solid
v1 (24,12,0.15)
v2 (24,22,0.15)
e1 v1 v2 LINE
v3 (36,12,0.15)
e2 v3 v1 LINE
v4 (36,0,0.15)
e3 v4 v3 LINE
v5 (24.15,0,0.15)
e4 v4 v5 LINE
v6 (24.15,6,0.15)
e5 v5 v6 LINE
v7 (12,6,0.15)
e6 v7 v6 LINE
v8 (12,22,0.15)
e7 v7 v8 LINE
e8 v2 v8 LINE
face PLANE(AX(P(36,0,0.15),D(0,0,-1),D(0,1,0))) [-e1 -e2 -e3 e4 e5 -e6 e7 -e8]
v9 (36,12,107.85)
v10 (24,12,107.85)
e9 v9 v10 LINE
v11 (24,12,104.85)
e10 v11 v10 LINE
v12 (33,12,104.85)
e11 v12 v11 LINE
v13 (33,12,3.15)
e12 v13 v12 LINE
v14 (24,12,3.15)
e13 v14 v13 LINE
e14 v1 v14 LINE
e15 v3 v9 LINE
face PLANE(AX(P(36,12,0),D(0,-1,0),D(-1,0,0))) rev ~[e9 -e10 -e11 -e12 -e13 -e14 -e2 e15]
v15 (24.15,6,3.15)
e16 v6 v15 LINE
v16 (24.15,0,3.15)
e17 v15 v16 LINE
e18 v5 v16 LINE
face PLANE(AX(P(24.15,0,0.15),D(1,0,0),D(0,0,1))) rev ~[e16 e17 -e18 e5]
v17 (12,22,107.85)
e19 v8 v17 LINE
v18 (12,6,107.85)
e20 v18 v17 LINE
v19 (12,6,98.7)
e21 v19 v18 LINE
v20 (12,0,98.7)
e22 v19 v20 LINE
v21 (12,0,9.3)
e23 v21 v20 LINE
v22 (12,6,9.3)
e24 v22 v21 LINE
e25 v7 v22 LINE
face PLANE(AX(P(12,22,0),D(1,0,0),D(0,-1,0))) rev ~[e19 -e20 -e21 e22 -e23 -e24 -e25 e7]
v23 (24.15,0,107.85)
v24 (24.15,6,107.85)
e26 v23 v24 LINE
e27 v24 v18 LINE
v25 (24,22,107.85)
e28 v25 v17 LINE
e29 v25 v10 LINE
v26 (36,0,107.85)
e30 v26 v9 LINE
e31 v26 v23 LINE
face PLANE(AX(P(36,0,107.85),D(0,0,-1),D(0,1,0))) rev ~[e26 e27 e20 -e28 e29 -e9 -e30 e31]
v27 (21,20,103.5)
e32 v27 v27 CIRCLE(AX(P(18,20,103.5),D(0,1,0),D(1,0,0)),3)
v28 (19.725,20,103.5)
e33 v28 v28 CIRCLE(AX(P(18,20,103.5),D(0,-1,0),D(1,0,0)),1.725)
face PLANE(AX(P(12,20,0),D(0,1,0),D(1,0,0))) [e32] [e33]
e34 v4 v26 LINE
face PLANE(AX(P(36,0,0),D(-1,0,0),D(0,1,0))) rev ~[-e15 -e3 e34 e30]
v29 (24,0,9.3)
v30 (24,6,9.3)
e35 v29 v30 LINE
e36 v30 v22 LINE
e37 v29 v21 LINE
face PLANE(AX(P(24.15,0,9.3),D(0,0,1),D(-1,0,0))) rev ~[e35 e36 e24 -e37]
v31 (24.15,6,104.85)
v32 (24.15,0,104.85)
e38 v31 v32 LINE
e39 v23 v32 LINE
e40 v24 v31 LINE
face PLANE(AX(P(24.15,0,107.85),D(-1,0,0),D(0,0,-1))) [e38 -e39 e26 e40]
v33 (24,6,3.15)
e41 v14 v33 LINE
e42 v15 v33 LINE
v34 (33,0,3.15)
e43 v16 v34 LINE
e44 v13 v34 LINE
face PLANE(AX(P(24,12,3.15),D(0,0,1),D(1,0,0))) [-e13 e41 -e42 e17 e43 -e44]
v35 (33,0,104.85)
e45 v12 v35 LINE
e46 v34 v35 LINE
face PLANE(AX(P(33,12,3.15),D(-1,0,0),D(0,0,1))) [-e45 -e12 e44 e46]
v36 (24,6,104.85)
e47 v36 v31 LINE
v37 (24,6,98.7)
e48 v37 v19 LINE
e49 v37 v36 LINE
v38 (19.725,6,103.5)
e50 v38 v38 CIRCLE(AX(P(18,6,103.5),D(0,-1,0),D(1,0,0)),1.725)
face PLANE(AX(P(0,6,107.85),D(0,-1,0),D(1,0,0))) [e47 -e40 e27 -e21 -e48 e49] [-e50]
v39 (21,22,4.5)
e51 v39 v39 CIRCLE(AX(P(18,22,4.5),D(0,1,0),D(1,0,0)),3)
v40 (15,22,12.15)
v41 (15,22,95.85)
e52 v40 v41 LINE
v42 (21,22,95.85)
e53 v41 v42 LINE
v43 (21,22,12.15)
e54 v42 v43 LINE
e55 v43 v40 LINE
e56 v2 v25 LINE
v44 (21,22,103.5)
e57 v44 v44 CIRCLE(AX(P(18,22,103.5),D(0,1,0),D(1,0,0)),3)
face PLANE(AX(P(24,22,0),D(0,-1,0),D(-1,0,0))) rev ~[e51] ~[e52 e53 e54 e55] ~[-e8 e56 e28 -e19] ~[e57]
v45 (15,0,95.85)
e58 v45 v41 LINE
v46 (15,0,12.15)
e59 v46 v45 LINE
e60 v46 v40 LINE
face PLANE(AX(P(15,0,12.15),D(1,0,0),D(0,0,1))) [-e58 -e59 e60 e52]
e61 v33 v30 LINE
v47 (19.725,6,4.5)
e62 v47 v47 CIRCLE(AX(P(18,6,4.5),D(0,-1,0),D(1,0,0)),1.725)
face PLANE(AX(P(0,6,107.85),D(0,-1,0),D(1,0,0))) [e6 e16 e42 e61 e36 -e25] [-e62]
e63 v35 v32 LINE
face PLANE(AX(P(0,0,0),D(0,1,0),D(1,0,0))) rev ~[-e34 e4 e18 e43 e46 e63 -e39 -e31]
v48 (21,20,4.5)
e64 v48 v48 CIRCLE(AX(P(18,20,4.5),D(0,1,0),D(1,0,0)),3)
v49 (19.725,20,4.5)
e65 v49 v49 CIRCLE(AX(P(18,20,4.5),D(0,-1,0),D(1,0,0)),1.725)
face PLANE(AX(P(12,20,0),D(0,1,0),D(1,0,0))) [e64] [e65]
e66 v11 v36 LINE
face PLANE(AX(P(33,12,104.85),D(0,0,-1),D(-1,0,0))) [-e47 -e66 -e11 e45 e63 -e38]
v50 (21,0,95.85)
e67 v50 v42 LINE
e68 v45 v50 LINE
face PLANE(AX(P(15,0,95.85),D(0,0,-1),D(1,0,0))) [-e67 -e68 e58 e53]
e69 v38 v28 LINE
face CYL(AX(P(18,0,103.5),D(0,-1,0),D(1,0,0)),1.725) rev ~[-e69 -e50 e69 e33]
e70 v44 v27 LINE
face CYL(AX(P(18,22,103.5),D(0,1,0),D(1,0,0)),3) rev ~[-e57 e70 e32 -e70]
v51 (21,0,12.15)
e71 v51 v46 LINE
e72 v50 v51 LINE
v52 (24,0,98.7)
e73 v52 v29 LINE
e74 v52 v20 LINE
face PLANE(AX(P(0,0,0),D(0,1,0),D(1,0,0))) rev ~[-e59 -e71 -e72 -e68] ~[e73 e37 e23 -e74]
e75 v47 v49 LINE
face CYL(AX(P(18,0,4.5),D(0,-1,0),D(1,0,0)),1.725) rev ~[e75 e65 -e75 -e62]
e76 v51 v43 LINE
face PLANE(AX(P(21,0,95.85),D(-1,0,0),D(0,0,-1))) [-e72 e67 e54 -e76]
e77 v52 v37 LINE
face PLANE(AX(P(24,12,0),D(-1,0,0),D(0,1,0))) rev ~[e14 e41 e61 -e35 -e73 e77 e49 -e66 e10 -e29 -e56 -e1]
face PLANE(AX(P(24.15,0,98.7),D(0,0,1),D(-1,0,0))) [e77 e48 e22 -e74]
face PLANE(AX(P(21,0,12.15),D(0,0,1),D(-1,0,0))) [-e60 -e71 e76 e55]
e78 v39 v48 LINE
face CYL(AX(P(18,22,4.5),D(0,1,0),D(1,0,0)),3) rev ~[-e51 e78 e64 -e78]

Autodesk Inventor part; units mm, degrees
ref_plane "YZ Plane" through (0, 0, 0) normal (1, 0, 0) x (0, 1, 0)
ref_plane "XZ Plane" through (0, 0, 0) normal (0, 1, 0) x (-1, 0, 0)
ref_plane "XY Plane" through (0, 0, 0) normal (0, 0, 1) x (1, 0, 0)
sketch "Sketch1" plane through (0, 0, 0) normal (0, 0, 1) x (1, 0, 0)
  line L0 (0, 0) -> (36, 0)
  line L1 (36, 0) -> (36, 12)
  line L2 (36, 12) -> (24, 12)
  line L3 (24, 12) -> (24, 22)
  line L4 (24, 22) -> (12, 22)
  line L5 (12, 22) -> (12, 12)
  line L6 (12, 12) -> (0, 12)
  line L7 (0, 12) -> (0, 0)
  dimension "d0" = 36
  dimension "d1" = 12
  dimension "d2" = 12
  dimension "d3" = 10
  dimension "d4" = 12
extrude "Extrusion1" add sketch "Sketch1" along normal blind 108
sketch "Sketch2" plane through (0, 0, 0) normal (0, -1, 0) x (1, 0, 0)
  circle A0 centre (18, 4.5) radius 1.725
  line L0 (0, 0) -> (36, 0) projected
  line L1 (36, 0) -> (36, 108) projected
  circle A1 centre (18, 103.5) radius 1.725
  line L2 (0, 108) -> (36, 108) projected
  dimension "d7" = 3.45
  dimension "d8" = 4.5
  dimension "d9" = 18
  dimension "d10" = 3.45
  dimension "d11" = 18
  dimension "d12" = 4.5
extrude "Extrusion2" cut sketch "Sketch2" against normal blind 20
sketch "Sketch3" plane through (12, 22, 0) normal (0, 1, 0) x (1, 0, 0)
  circle A0 centre (6, -4.5) radius 1.725 projected
  circle A1 centre (6, -4.5) radius 3
  circle A2 centre (6, -103.5) radius 1.725 projected
  circle A3 centre (6, -103.5) radius 3
  point P0 (-12, 0)
  dimension "d15" = 6
  dimension "d16" = 6
extrude "Extrusion3" cut sketch "Sketch3" against normal blind 2 contours A0 | A1 | A2 | A3
sketch "Sketch4" plane through (36, 0, 0) normal (1, 0, 0) x (0, 0, -1)
  line L0 (-108, 0) -> (-107.85, 0)
  line L1 (0, 0) -> (-108, 0) projected
  line L2 (-107.85, 0) -> (-107.85, 12)
  line L3 (0, 12) -> (-108, 12) projected
  line L4 (-108, 0) -> (-108, 12) projected
  line L5 (-108, 12) -> (-108, 0)
  line L6 (-108, 22) -> (-107.85, 22)
  line L7 (-107.85, 12) -> (-108, 12)
  line L8 (0, 0) -> (-0.15, 0)
  line L9 (-0.15, 0) -> (-0.15, 12)
  line L10 (-0.15, 12) -> (0, 12)
  line L11 (0, 12) -> (0, 0)
  line L12 (0, 22) -> (-0.15, 22)
  line L13 (-0.15, 12) -> (0, 12)
  dimension "d19" = 0.15
  dimension "d20" = 12
  dimension "d21" = 0.15
  dimension "d22" = 0.15
extrude "Extrusion4" cut sketch "Sketch4" against normal through all contours L4 L3 L2 L0 | L9 L3 L11 L1
sketch "Sketch5" plane through (24, 22, 108) normal (1, 0, 0) x (0, 0, -1)
  line L0 (108, -10) -> (108, 0) projected
  line L1 (108, 0) -> (0, 0) projected
  line L2 (108, -10) -> (107.85, -10)
  line L3 (107.85, -10) -> (107.85, 0)
  line L4 (107.85, 0) -> (108, 0)
  line L5 (108, 0) -> (108, -10)
  line L6 (0.15, -10) -> (0, -10) projected
  line L7 (0, -10) -> (0, 0) projected
  line L8 (0.15, -10) -> (0, -10)
  line L9 (0, -10) -> (0, 0)
  line L10 (0, 0) -> (0.15, 0)
  line L11 (0.15, 0) -> (0.15, -10)
  point P0 (108, -22)
  dimension "d25" = 0.15
extrude "Extrusion5" cut sketch "Sketch5" against normal through all
sketch "Sketch6" plane through (12, 22, 0.15) normal (0, 1, 0) x (1, 0, 0)
  line L0 (0, 0) -> (0, -107.7) projected
  line L1 (12, 0) -> (12, -107.7) projected
  line L2 (0, -98.85) -> (12, -98.85)
  line L3 (12, -98.85) -> (12, -8.85)
  line L4 (12, -8.85) -> (0, -8.85)
  line L5 (0, -8.85) -> (0, -98.85)
  point P0 (-12, 0.15)
  dimension "d28" = 8.85
  dimension "d29" = 8.85
sketch "Sketch7" plane through (0, 0, 107.85) normal (0, -1, 0) x (1, 0, 0)
  line L0 (0, -107.7) -> (36, -107.7) projected
  line L1 (11.85, -107.7) -> (24.15, -107.7)
  line L2 (24.15, -107.7) -> (24.15, -98.55)
  line L3 (24.15, -98.55) -> (11.85, -98.55)
  line L4 (11.85, -98.55) -> (11.85, -107.7)
  line L5 (0, 0) -> (12, 0) projected
  line L6 (11.85, 0) -> (24.15, 0)
  line L7 (24.15, 0) -> (24.15, -9.15)
  line L8 (24.15, -9.15) -> (11.85, -9.15)
  line L9 (11.85, -9.15) -> (11.85, 0)
  line L10 (36, -107.7) -> (36, 0) projected
  point P0 (0, -107.85)
  dimension "d30" = 11.85
  dimension "d31" = 11.85
  dimension "d32" = 9.15
  dimension "d33" = 11.85
  dimension "d34" = 11.85
  dimension "d35" = 9.15
extrude "Extrusion6" cut sketch "Sketch7" against normal blind 6
sketch "Sketch8" plane through (36, 0, 0.15) normal (0, -1, 0) x (1, 0, 0)
  line L0 (-21, 95.7) -> (-15, 95.7)
  line L1 (-15, 95.7) -> (-15, 12)
  line L2 (-15, 12) -> (-21, 12)
  line L3 (-21, 12) -> (-21, 95.7)
  line L4 (-11.85, 0) -> (-24.15, 0) projected
  line L5 (0, 107.7) -> (-11.85, 107.7) projected
  line L6 (-24, 0) -> (-24, 107.7) projected
  line L7 (-12, 0) -> (-12, 107.7) projected
  point P0 (-36, -0.15)
  dimension "d38" = 12
  dimension "d39" = 12
  dimension "d40" = 3
  dimension "d41" = 3
extrude "Extrusion7" cut sketch "Sketch8" against normal through all
sketch "Sketch9" plane through (24, 12, 107.85) normal (0, 1, 0) x (1, 0, 0)
  line L0 (9, 3) -> (0, 3)
  line L1 (0, 3) -> (0, 104.7)
  line L2 (0, 104.7) -> (9, 104.7)
  line L3 (9, 104.7) -> (9, 3)
  line L4 (-12, 3) -> (-21, 3)
  line L5 (-21, 3) -> (-21, 104.7)
  line L6 (-21, 104.7) -> (-12, 104.7)
  line L7 (-12, 104.7) -> (-12, 3)
  line L8 (12, 0) -> (0.15, 0) projected
  line L9 (12, 107.7) -> (0, 107.7) projected
  line L10 (12, 107.7) -> (12, 0) projected
  line L11 (-24, 107.7) -> (-24, 0) projected
  line L12 (-12, 107.7) -> (-24, 107.7) projected
  line L13 (-24, 0) -> (-12, 0) projected
  line L14 (-12, 107.7) -> (-12, 0) projected
  line L15 (0, 107.7) -> (0, 0) projected
  point P0 (-24, 107.85)
  dimension "d44" = 3
  dimension "d45" = 3
  dimension "d46" = 3
  dimension "d47" = 3
  dimension "d48" = 3
  dimension "d49" = 3
  dimension "d50" = 0
  dimension "d51" = 0
extrude "Extrusion8" cut sketch "Sketch9" against normal through all contours L0 L1 L2 L3 | L4 L5 L6 L7
sketch "Sketch10" plane through (12, 0, 98.7) normal (0, -1, 0) x (1, 0, 0)
  line L0 (3, -86.55) -> (3, -2.85) projected
  line L1 (9, -2.85) -> (9, -86.55) projected
  line L2 (3, -2.85) -> (9, -2.85)
  line L3 (9, -2.85) -> (9, -86.55)
  line L4 (9, -86.55) -> (3, -86.55)
  line L5 (3, -86.55) -> (3, -2.85)
  line L6 (0, 0) -> (0, -89.4) projected
  line L7 (12, -98.55) -> (12, 9.15) projected
  line L8 (0, 0) -> (12, 0)
  line L9 (12, 0) -> (12, -89.4)
  line L10 (12, -89.4) -> (0, -89.4)
  line L11 (0, -89.4) -> (0, 0)
  line L12 (12, -89.4) -> (0, -89.4)
  line L13 (0, -89.4) -> (0, 0)
  line L14 (0, 0) -> (12, 0)
  line L15 (12, 0) -> (12, -89.4)
  point P0 (-12, -98.7)
sketch "Sketch11" plane through (36, 0, 107.85) normal (0, 0, 1) x (1, 0, 0)
  line L0 (-36, 0) -> (-36, 12) projected
  line L1 (-24.15, 0) -> (-33, 0) projected
  line L2 (-36, 12) -> (-24.15, 12)
  line L3 (-24.15, 12) -> (-24.15, 0)
  line L4 (-24.15, 0) -> (-36, 0)
  line L5 (-36, 0) -> (-36, 12)
extrude "Extrusion9" cut sketch "Sketch11" against normal through all
sketch "Sketch12" plane through (36, 0, 0.15) normal (0, 0, -1) x (-1, 0, 0)
  line L0 (24, 12) -> (24, 22) projected
  line L1 (24.15, 6) -> (24.15, 12) projected
  line L2 (24, 12) -> (24.15, 12)
  line L3 (24.15, 12) -> (24.15, 6)
  line L4 (24.15, 6) -> (24, 6)
  line L5 (24, 6) -> (24, 12)
  point P0 (36, 0)
extrude "Extrusion10" cut sketch "Sketch12" against normal through all
properties part number "cutcenterbeam"
